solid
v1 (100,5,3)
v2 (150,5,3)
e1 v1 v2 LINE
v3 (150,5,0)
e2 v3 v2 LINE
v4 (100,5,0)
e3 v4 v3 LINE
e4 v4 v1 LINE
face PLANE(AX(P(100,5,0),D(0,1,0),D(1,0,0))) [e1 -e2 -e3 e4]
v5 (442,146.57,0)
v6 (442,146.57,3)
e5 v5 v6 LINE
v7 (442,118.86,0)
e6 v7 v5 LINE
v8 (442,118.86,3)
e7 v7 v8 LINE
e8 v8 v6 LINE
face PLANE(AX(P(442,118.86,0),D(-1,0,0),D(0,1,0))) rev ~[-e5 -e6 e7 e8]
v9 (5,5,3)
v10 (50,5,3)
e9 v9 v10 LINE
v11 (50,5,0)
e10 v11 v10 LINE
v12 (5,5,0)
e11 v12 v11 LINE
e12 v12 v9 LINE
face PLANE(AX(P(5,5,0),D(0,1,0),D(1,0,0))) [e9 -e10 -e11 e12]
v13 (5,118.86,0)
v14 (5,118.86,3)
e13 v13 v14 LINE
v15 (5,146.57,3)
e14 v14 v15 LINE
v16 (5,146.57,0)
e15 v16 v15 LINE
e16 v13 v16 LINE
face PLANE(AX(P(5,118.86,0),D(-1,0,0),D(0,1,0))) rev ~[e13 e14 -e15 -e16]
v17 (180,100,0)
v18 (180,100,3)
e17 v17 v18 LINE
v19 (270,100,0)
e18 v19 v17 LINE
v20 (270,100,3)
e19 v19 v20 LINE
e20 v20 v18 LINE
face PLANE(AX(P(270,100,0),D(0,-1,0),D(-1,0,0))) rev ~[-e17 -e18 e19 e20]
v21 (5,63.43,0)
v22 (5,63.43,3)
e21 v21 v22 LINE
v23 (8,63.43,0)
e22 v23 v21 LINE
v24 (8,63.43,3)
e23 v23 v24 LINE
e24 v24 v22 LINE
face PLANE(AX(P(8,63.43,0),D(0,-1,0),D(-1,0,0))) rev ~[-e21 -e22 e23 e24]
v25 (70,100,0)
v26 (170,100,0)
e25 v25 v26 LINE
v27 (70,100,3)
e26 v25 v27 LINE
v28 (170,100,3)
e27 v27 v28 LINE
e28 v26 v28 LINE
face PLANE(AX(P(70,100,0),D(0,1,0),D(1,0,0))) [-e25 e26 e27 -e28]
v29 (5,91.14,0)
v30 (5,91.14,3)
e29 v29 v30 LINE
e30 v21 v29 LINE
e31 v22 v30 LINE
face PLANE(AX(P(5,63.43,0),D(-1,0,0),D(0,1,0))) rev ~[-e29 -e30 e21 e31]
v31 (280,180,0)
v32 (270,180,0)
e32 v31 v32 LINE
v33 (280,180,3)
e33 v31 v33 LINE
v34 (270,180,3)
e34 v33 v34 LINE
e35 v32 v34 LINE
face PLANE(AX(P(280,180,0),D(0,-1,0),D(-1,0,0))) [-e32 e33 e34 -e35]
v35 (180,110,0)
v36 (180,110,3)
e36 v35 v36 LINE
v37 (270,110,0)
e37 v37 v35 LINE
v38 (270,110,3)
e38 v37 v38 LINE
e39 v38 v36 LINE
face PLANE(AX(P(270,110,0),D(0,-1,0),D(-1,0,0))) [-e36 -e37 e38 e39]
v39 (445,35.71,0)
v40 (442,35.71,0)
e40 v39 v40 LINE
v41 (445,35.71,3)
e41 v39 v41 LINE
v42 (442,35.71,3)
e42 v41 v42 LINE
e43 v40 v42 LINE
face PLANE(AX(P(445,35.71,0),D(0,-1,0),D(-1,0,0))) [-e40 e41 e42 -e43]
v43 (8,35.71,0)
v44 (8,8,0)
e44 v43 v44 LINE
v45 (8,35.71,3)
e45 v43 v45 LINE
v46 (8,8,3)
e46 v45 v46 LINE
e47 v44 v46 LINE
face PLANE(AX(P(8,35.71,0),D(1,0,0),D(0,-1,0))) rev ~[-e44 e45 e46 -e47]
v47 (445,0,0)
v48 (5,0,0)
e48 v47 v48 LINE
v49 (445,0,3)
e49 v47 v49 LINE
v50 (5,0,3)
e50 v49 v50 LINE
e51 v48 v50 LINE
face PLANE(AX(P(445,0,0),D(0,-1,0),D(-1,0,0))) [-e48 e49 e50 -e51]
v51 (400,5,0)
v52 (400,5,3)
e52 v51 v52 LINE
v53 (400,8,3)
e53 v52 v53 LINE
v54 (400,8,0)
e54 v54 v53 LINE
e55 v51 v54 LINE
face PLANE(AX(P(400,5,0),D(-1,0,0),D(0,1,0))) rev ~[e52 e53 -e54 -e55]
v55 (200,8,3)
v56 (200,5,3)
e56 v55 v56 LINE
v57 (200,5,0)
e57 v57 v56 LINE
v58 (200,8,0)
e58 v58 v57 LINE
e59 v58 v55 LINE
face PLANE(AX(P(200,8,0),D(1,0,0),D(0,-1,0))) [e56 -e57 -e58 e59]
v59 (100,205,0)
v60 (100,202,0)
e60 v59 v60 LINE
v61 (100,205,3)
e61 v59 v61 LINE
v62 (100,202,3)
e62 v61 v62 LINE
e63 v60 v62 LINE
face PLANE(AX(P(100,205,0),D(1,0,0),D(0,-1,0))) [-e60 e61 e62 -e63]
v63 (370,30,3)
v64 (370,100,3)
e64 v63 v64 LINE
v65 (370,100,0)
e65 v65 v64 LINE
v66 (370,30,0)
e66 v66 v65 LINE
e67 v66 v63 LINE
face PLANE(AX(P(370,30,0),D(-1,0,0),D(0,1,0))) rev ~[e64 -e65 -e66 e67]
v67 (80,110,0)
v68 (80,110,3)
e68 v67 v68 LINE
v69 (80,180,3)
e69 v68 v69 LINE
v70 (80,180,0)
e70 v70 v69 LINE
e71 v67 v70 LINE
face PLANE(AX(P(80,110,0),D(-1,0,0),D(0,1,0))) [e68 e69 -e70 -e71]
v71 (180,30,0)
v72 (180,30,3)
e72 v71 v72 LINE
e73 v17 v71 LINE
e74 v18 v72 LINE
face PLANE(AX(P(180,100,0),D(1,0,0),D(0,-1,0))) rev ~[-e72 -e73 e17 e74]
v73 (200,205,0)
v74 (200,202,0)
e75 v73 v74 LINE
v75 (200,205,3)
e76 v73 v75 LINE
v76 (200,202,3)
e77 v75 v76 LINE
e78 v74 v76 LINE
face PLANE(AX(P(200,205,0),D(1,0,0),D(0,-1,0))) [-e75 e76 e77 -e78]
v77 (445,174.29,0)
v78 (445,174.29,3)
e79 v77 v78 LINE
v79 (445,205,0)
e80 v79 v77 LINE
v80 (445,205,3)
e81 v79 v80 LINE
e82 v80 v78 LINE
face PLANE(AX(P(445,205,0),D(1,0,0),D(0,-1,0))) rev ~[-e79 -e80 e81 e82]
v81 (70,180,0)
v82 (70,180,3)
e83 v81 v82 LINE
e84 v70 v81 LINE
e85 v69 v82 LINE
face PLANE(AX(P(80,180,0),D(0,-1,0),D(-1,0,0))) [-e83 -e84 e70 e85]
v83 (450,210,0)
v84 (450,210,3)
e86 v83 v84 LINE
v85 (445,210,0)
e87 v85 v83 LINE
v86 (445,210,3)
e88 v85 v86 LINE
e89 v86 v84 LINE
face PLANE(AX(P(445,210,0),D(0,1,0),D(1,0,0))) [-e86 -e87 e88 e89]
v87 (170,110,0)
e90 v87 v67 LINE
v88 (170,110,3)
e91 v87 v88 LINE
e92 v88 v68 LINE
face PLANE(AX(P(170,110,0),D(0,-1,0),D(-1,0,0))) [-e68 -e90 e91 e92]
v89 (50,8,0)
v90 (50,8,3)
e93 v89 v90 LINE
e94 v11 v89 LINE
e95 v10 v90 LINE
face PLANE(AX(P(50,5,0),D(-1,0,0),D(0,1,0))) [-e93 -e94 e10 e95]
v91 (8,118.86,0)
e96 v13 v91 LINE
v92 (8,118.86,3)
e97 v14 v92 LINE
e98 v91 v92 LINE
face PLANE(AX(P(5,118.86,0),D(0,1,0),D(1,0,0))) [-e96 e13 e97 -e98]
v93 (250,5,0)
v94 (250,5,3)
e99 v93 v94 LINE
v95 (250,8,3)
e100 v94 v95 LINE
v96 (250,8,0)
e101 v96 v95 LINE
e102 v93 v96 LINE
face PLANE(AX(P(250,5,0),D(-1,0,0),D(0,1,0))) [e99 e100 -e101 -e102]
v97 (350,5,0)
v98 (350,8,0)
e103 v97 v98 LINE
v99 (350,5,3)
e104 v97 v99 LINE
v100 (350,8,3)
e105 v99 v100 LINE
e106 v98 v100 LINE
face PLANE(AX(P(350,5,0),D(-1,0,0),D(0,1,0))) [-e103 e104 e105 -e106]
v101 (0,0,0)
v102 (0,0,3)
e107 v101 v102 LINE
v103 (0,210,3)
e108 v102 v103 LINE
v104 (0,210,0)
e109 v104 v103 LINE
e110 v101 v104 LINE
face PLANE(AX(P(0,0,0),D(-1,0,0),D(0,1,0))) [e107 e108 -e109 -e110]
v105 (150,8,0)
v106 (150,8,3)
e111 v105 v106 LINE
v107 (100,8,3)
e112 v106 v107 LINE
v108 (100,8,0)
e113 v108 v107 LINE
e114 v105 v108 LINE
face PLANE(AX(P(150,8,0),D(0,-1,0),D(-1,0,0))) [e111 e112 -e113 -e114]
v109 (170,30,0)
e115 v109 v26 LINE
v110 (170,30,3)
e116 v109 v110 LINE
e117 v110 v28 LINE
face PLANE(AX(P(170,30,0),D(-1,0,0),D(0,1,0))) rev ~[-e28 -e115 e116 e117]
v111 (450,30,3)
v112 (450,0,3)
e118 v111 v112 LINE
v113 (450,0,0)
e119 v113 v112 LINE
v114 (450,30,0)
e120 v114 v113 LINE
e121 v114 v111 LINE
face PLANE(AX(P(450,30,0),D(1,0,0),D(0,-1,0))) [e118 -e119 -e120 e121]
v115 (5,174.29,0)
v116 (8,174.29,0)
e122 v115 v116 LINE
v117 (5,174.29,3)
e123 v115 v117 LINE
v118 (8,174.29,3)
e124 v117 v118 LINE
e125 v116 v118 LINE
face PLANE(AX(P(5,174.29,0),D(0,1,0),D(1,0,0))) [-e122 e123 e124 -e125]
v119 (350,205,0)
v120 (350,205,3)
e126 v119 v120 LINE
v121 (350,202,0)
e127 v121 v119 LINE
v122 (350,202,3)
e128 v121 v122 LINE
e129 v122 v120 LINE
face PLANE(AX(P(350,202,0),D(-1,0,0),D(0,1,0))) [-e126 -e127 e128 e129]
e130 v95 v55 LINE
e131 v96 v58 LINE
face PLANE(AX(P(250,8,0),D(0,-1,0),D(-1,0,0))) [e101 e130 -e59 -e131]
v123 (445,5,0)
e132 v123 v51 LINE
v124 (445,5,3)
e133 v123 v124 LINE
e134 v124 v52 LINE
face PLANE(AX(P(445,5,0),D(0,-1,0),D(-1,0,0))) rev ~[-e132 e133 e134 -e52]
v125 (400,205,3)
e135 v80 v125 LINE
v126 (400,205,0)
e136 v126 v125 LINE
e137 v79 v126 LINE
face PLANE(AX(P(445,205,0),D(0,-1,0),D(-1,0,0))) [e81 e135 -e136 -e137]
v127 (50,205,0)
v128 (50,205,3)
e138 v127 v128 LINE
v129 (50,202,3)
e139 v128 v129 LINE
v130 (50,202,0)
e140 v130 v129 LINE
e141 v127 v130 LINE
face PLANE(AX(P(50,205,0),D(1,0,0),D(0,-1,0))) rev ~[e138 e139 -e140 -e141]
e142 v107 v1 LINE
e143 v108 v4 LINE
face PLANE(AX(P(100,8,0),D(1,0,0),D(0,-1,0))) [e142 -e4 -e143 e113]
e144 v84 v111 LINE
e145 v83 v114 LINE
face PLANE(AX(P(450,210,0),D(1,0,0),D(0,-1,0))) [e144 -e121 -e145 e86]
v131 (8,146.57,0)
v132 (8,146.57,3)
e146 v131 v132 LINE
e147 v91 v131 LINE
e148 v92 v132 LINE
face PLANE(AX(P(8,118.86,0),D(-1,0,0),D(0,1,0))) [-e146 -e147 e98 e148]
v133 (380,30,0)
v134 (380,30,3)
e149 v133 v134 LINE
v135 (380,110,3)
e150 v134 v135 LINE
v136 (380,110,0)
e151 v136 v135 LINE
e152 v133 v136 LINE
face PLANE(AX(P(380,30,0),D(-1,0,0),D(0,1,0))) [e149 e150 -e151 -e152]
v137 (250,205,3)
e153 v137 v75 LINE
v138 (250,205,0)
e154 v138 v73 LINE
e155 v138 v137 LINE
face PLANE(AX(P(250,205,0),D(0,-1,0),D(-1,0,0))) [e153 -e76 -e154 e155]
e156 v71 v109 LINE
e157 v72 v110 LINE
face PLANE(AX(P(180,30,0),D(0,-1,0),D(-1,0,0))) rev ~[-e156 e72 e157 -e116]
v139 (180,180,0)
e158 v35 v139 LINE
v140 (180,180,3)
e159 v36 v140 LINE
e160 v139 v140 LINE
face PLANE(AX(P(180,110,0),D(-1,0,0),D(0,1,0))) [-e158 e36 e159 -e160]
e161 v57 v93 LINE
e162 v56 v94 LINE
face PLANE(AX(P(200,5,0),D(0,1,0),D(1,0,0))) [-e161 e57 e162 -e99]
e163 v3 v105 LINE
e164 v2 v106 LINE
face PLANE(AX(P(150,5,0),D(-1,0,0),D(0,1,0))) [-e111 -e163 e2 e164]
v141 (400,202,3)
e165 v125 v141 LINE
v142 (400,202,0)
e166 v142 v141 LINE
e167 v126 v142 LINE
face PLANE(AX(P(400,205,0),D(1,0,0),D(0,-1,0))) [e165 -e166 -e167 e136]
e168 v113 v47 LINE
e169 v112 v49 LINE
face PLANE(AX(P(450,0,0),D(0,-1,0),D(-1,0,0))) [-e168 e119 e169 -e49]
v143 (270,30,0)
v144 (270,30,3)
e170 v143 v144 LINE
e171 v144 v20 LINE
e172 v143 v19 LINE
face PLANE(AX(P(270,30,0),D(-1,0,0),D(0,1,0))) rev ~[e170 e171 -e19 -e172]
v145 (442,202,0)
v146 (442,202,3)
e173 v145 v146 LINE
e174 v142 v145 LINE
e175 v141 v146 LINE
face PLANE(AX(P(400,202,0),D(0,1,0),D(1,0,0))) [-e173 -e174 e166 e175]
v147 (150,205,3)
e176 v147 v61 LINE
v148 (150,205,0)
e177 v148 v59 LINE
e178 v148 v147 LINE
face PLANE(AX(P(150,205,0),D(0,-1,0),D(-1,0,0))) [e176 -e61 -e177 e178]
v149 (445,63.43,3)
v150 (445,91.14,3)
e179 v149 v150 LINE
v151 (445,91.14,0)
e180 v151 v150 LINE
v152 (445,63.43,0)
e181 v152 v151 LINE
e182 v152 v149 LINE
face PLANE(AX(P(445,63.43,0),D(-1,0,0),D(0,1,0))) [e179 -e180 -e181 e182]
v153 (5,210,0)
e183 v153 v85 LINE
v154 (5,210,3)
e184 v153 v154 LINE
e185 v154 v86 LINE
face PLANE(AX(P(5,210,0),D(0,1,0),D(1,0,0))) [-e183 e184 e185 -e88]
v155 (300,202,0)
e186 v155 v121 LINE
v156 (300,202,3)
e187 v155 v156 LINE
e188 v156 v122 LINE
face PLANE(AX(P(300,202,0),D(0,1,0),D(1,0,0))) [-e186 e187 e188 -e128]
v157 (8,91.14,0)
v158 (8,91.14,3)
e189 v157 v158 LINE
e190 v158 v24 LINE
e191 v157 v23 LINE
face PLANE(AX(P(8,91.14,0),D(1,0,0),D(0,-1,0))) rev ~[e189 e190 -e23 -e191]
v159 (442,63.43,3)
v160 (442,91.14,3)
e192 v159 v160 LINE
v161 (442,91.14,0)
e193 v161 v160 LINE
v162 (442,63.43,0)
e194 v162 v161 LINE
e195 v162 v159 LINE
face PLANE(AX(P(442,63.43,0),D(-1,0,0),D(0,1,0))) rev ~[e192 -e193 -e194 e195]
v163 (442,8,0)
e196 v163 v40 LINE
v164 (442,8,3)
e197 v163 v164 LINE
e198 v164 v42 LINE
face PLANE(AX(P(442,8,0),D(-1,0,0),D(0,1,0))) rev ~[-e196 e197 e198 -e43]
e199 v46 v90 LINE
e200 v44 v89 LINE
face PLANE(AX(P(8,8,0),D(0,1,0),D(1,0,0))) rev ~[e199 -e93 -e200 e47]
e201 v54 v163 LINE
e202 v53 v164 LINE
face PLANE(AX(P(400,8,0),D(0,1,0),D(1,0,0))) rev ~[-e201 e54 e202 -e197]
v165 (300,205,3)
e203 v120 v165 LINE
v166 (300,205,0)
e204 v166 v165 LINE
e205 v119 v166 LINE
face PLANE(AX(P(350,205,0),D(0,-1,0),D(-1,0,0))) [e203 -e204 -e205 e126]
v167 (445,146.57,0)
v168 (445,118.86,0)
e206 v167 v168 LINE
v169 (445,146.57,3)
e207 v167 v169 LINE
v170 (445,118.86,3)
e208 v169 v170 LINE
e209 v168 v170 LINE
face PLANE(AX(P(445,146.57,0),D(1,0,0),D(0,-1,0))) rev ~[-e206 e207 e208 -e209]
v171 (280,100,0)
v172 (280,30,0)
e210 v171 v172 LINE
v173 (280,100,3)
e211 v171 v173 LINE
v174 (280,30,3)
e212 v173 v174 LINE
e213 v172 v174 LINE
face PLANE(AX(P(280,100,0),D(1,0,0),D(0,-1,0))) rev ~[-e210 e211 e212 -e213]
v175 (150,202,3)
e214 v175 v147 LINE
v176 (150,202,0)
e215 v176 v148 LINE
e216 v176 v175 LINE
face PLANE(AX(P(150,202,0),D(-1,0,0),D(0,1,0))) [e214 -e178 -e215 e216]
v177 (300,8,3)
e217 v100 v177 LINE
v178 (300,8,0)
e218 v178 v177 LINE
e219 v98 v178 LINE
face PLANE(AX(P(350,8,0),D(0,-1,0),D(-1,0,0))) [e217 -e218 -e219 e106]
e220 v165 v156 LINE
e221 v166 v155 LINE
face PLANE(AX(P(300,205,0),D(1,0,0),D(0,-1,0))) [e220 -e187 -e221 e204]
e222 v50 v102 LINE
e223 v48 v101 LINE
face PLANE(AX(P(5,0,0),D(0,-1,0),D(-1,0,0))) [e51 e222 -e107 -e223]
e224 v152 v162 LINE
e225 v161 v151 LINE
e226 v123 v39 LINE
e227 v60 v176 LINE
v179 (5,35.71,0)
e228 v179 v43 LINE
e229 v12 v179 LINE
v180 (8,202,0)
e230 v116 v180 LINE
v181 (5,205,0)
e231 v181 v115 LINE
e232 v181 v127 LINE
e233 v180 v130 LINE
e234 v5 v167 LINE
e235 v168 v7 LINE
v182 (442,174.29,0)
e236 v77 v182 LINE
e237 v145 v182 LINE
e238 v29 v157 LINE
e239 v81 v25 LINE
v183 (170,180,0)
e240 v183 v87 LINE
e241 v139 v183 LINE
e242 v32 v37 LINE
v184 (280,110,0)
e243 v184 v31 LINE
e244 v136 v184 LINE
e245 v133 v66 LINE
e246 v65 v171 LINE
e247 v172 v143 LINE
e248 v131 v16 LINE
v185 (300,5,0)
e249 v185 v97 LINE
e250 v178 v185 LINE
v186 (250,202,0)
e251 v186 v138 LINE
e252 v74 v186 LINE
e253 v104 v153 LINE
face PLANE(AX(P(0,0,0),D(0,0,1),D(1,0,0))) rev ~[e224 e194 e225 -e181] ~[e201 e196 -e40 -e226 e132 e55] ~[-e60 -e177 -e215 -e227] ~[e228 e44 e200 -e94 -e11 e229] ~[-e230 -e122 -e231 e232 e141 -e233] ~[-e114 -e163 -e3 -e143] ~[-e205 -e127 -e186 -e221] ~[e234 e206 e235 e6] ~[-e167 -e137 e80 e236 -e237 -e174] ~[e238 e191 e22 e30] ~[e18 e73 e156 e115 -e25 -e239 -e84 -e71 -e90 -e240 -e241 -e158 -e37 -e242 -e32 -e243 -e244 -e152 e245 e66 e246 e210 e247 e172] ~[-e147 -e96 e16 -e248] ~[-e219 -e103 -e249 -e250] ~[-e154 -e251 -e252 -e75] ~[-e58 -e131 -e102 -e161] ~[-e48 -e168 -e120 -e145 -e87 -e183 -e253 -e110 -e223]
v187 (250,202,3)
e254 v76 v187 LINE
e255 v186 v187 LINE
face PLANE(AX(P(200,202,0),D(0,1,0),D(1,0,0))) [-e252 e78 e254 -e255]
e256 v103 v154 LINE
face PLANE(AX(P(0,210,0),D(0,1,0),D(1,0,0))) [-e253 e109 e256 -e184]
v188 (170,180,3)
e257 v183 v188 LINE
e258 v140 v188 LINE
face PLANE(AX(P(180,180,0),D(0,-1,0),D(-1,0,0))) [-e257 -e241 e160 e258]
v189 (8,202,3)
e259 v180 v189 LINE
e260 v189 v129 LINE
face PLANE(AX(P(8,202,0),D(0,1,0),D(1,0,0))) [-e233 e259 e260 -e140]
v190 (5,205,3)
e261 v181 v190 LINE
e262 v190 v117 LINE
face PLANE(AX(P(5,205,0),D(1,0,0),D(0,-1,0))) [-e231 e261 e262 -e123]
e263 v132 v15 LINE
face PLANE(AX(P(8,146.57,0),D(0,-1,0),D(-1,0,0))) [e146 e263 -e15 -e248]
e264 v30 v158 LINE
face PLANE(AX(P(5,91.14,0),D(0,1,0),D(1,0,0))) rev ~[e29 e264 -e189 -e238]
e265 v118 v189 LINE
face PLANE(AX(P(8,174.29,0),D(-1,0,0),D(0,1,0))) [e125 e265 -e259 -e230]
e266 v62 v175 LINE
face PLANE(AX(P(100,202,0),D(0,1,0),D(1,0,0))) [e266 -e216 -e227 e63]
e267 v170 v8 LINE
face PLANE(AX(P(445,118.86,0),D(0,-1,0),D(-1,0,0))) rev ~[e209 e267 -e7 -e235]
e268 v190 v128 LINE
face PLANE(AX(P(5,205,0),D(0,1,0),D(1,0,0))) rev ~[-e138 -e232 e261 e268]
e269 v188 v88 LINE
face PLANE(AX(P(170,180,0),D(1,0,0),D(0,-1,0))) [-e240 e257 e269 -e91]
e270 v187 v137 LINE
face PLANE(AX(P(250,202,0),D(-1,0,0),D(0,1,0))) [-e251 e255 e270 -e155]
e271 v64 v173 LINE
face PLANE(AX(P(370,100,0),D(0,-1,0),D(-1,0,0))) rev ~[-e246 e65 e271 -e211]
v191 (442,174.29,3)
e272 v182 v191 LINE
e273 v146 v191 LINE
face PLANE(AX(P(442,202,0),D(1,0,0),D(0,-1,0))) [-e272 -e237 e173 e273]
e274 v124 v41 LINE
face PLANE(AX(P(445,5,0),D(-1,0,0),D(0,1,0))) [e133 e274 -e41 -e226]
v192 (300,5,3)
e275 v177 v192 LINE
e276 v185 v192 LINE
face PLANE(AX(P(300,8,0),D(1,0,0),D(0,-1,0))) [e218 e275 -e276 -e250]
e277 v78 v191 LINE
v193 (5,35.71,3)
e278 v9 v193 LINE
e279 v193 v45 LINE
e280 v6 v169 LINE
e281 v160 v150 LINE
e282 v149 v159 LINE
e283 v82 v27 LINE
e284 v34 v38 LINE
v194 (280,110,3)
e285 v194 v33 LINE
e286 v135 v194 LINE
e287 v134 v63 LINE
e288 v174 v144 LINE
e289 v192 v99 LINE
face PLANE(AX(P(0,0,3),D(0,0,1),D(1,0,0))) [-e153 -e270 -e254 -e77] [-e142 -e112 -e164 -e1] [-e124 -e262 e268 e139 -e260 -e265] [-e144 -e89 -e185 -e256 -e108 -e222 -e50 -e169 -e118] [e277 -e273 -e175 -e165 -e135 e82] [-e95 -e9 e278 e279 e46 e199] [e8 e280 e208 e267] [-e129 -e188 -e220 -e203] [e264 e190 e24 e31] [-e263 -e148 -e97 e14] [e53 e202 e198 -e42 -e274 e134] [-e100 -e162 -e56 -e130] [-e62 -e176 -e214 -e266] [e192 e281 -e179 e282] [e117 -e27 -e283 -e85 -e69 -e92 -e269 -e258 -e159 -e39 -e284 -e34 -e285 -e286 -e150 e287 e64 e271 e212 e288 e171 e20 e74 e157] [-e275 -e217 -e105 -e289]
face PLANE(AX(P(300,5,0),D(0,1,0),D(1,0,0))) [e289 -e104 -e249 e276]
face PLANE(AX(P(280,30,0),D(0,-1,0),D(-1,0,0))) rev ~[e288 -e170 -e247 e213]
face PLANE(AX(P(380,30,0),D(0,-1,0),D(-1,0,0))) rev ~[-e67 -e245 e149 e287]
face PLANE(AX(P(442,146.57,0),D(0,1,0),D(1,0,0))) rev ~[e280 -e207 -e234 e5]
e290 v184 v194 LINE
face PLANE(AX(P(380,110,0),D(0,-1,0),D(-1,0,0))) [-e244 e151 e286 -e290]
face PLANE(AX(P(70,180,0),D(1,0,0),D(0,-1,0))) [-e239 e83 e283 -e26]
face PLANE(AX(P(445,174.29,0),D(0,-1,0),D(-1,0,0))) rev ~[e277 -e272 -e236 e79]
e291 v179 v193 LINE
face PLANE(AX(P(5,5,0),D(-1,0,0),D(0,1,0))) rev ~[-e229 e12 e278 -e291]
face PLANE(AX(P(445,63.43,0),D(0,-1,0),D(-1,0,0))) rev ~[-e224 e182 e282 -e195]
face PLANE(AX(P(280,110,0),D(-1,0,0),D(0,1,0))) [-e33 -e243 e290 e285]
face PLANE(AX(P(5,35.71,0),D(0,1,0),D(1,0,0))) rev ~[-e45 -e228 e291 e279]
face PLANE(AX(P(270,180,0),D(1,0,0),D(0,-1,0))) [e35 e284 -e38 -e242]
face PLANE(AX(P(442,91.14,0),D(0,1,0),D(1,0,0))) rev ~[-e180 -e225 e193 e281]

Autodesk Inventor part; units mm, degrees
ref_plane "YZ Plane" through (0, 0, 0) normal (1, 0, 0) x (0, 1, 0)
ref_plane "XZ Plane" through (0, 0, 0) normal (0, 1, 0) x (-1, 0, 0)
ref_plane "XY Plane" through (0, 0, 0) normal (0, 0, 1) x (1, 0, 0)
sketch "Boceto1" plane through (0, 0, 0) normal (0, 0, 1) x (1, 0, 0)
  line L0 (0, 0) -> (0, 210)
  line L1 (0, 210) -> (450, 210)
  line L2 (450, 210) -> (450, 0)
  line L3 (450, 0) -> (0, 0)
  line L4 (0, 210) -> (5, 210)
  line L5 (5, 205) -> (50, 205)
  line L6 (50, 205) -> (50, 202)
  line L7 (5, 205) -> (5, 174.29)
  line L8 (5, 174.29) -> (8, 174.29)
  line L9 (8, 174.29) -> (8, 202)
  line L10 (8, 202) -> (50, 202)
  line L11 (0, 0) -> (5, 0)
  line L12 (0, 0) -> (5, 0)
  line L13 (5, 5) -> (50, 5)
  line L14 (5, 5) -> (5, 35.71)
  line L15 (5, 35.71) -> (8, 35.71)
  line L16 (50, 5) -> (50, 8)
  line L17 (8, 35.71) -> (8, 8)
  line L18 (8, 8) -> (50, 8)
  line L19 (450, 0) -> (445, 0)
  line L20 (445, 5) -> (445, 35.71)
  line L21 (445, 35.71) -> (442, 35.71)
  line L22 (445, 5) -> (400, 5)
  line L23 (400, 5) -> (400, 8)
  line L24 (400, 8) -> (442, 8)
  line L25 (442, 8) -> (442, 35.71)
  line L26 (450, 210) -> (445, 210)
  line L27 (445, 205) -> (400, 205)
  line L28 (445, 205) -> (445, 174.29)
  line L29 (445, 174.29) -> (442, 174.29)
  line L30 (400, 205) -> (400, 202)
  line L31 (400, 202) -> (442, 202)
  line L32 (442, 202) -> (442, 174.29)
  line L33 (5, 63.43) -> (5, 91.14)
  line L34 (5, 91.14) -> (8, 91.14)
  line L35 (8, 91.14) -> (8, 63.43)
  line L36 (8, 63.43) -> (5, 63.43)
  line L37 (5, 118.86) -> (5, 146.57)
  line L38 (5, 118.86) -> (8, 118.86)
  line L39 (8, 118.86) -> (8, 146.57)
  line L40 (8, 146.57) -> (5, 146.57)
  line L41 (445, 63.43) -> (445, 91.14)
  line L42 (445, 63.43) -> (442, 63.43)
  line L43 (442, 63.43) -> (442, 91.14)
  line L44 (442, 91.14) -> (445, 91.14)
  line L45 (445, 118.86) -> (442, 118.86)
  line L46 (442, 118.86) -> (442, 146.57)
  line L47 (442, 146.57) -> (445, 146.57)
  line L48 (445, 146.57) -> (445, 118.86)
  line L49 (350, 205) -> (300, 205)
  line L50 (300, 205) -> (300, 202)
  line L51 (300, 202) -> (350, 202)
  line L52 (350, 202) -> (350, 205)
  line L53 (250, 205) -> (200, 205)
  line L54 (200, 205) -> (200, 202)
  line L55 (200, 202) -> (250, 202)
  line L56 (250, 202) -> (250, 205)
  line L57 (150, 205) -> (100, 205)
  line L58 (100, 205) -> (100, 202)
  line L59 (100, 202) -> (150, 202)
  line L60 (150, 202) -> (150, 205)
  line L61 (350, 8) -> (300, 8)
  line L62 (300, 8) -> (300, 5)
  line L63 (300, 5) -> (350, 5)
  line L64 (350, 5) -> (350, 8)
  line L65 (250, 8) -> (200, 8)
  line L66 (200, 8) -> (200, 5)
  line L67 (200, 5) -> (250, 5)
  line L68 (250, 5) -> (250, 8)
  line L69 (150, 8) -> (100, 8)
  line L70 (100, 8) -> (100, 5)
  line L71 (100, 5) -> (150, 5)
  line L72 (150, 5) -> (150, 8)
  line L73 (450, 0) -> (450, 30)
  line L74 (380, 30) -> (380, 110)
  line L75 (380, 30) -> (370, 30)
  line L76 (370, 30) -> (370, 100)
  line L77 (380, 110) -> (280, 110)
  line L78 (370, 100) -> (280, 100)
  line L79 (280, 110) -> (280, 180)
  line L80 (280, 100) -> (280, 30)
  line L81 (280, 30) -> (270, 30)
  line L82 (270, 30) -> (270, 100)
  line L83 (280, 180) -> (270, 180)
  line L84 (270, 180) -> (270, 110)
  line L85 (270, 100) -> (180, 100)
  line L86 (270, 110) -> (180, 110)
  line L87 (180, 110) -> (180, 180)
  line L88 (180, 180) -> (170, 180)
  line L89 (170, 180) -> (170, 110)
  line L90 (180, 100) -> (180, 30)
  line L91 (180, 30) -> (170, 30)
  line L92 (170, 30) -> (170, 100)
  line L93 (170, 110) -> (80, 110)
  line L94 (80, 110) -> (80, 180)
  line L95 (80, 180) -> (70, 180)
  line L96 (70, 180) -> (70, 100)
  line L97 (70, 100) -> (170, 100)
  dimension "d93" = 450
  dimension "d94" = 210
  dimension "d95" = 210
  dimension "d96" = 450
  dimension "d97" = 5
  dimension "d98" = 30.71
  dimension "d99" = 45
  dimension "d100" = 5
  dimension "d101" = 3
  dimension "d102" = 3
  dimension "d103" = 5
  dimension "d104" = 5
  dimension "d105" = 3
  dimension "d106" = 30.71
  dimension "d107" = 45
  dimension "d108" = 3
  dimension "d109" = 5
  dimension "d110" = 30.71
  dimension "d111" = 45
  dimension "d112" = 5
  dimension "d113" = 3
  dimension "d114" = 3
  dimension "d115" = 30.71
  dimension "d116" = 5
  dimension "d117" = 45
  dimension "d118" = 5
  dimension "d119" = 3
  dimension "d120" = 3
  dimension "d121" = 3
  dimension "d122" = 3
  dimension "d123" = 3
  dimension "d124" = 5
  dimension "d125" = 5
  dimension "d126" = 5
  dimension "d127" = 5
  dimension "d128" = 5
  dimension "d129" = 5
  dimension "d130" = 27.72
  dimension "d131" = 27.71
  dimension "d132" = 27.71
  dimension "d133" = 27.72
  dimension "d134" = 27.72
  dimension "d135" = 50
  dimension "d136" = 50
  dimension "d137" = 50
  dimension "d138" = 50
  dimension "d139" = 50
  dimension "d140" = 50
  dimension "d141" = 50
extrude "Extrusión1" add sketch "Boceto1" along normal blind 3
properties part number "Frontal" material "Madera (nogal)"
